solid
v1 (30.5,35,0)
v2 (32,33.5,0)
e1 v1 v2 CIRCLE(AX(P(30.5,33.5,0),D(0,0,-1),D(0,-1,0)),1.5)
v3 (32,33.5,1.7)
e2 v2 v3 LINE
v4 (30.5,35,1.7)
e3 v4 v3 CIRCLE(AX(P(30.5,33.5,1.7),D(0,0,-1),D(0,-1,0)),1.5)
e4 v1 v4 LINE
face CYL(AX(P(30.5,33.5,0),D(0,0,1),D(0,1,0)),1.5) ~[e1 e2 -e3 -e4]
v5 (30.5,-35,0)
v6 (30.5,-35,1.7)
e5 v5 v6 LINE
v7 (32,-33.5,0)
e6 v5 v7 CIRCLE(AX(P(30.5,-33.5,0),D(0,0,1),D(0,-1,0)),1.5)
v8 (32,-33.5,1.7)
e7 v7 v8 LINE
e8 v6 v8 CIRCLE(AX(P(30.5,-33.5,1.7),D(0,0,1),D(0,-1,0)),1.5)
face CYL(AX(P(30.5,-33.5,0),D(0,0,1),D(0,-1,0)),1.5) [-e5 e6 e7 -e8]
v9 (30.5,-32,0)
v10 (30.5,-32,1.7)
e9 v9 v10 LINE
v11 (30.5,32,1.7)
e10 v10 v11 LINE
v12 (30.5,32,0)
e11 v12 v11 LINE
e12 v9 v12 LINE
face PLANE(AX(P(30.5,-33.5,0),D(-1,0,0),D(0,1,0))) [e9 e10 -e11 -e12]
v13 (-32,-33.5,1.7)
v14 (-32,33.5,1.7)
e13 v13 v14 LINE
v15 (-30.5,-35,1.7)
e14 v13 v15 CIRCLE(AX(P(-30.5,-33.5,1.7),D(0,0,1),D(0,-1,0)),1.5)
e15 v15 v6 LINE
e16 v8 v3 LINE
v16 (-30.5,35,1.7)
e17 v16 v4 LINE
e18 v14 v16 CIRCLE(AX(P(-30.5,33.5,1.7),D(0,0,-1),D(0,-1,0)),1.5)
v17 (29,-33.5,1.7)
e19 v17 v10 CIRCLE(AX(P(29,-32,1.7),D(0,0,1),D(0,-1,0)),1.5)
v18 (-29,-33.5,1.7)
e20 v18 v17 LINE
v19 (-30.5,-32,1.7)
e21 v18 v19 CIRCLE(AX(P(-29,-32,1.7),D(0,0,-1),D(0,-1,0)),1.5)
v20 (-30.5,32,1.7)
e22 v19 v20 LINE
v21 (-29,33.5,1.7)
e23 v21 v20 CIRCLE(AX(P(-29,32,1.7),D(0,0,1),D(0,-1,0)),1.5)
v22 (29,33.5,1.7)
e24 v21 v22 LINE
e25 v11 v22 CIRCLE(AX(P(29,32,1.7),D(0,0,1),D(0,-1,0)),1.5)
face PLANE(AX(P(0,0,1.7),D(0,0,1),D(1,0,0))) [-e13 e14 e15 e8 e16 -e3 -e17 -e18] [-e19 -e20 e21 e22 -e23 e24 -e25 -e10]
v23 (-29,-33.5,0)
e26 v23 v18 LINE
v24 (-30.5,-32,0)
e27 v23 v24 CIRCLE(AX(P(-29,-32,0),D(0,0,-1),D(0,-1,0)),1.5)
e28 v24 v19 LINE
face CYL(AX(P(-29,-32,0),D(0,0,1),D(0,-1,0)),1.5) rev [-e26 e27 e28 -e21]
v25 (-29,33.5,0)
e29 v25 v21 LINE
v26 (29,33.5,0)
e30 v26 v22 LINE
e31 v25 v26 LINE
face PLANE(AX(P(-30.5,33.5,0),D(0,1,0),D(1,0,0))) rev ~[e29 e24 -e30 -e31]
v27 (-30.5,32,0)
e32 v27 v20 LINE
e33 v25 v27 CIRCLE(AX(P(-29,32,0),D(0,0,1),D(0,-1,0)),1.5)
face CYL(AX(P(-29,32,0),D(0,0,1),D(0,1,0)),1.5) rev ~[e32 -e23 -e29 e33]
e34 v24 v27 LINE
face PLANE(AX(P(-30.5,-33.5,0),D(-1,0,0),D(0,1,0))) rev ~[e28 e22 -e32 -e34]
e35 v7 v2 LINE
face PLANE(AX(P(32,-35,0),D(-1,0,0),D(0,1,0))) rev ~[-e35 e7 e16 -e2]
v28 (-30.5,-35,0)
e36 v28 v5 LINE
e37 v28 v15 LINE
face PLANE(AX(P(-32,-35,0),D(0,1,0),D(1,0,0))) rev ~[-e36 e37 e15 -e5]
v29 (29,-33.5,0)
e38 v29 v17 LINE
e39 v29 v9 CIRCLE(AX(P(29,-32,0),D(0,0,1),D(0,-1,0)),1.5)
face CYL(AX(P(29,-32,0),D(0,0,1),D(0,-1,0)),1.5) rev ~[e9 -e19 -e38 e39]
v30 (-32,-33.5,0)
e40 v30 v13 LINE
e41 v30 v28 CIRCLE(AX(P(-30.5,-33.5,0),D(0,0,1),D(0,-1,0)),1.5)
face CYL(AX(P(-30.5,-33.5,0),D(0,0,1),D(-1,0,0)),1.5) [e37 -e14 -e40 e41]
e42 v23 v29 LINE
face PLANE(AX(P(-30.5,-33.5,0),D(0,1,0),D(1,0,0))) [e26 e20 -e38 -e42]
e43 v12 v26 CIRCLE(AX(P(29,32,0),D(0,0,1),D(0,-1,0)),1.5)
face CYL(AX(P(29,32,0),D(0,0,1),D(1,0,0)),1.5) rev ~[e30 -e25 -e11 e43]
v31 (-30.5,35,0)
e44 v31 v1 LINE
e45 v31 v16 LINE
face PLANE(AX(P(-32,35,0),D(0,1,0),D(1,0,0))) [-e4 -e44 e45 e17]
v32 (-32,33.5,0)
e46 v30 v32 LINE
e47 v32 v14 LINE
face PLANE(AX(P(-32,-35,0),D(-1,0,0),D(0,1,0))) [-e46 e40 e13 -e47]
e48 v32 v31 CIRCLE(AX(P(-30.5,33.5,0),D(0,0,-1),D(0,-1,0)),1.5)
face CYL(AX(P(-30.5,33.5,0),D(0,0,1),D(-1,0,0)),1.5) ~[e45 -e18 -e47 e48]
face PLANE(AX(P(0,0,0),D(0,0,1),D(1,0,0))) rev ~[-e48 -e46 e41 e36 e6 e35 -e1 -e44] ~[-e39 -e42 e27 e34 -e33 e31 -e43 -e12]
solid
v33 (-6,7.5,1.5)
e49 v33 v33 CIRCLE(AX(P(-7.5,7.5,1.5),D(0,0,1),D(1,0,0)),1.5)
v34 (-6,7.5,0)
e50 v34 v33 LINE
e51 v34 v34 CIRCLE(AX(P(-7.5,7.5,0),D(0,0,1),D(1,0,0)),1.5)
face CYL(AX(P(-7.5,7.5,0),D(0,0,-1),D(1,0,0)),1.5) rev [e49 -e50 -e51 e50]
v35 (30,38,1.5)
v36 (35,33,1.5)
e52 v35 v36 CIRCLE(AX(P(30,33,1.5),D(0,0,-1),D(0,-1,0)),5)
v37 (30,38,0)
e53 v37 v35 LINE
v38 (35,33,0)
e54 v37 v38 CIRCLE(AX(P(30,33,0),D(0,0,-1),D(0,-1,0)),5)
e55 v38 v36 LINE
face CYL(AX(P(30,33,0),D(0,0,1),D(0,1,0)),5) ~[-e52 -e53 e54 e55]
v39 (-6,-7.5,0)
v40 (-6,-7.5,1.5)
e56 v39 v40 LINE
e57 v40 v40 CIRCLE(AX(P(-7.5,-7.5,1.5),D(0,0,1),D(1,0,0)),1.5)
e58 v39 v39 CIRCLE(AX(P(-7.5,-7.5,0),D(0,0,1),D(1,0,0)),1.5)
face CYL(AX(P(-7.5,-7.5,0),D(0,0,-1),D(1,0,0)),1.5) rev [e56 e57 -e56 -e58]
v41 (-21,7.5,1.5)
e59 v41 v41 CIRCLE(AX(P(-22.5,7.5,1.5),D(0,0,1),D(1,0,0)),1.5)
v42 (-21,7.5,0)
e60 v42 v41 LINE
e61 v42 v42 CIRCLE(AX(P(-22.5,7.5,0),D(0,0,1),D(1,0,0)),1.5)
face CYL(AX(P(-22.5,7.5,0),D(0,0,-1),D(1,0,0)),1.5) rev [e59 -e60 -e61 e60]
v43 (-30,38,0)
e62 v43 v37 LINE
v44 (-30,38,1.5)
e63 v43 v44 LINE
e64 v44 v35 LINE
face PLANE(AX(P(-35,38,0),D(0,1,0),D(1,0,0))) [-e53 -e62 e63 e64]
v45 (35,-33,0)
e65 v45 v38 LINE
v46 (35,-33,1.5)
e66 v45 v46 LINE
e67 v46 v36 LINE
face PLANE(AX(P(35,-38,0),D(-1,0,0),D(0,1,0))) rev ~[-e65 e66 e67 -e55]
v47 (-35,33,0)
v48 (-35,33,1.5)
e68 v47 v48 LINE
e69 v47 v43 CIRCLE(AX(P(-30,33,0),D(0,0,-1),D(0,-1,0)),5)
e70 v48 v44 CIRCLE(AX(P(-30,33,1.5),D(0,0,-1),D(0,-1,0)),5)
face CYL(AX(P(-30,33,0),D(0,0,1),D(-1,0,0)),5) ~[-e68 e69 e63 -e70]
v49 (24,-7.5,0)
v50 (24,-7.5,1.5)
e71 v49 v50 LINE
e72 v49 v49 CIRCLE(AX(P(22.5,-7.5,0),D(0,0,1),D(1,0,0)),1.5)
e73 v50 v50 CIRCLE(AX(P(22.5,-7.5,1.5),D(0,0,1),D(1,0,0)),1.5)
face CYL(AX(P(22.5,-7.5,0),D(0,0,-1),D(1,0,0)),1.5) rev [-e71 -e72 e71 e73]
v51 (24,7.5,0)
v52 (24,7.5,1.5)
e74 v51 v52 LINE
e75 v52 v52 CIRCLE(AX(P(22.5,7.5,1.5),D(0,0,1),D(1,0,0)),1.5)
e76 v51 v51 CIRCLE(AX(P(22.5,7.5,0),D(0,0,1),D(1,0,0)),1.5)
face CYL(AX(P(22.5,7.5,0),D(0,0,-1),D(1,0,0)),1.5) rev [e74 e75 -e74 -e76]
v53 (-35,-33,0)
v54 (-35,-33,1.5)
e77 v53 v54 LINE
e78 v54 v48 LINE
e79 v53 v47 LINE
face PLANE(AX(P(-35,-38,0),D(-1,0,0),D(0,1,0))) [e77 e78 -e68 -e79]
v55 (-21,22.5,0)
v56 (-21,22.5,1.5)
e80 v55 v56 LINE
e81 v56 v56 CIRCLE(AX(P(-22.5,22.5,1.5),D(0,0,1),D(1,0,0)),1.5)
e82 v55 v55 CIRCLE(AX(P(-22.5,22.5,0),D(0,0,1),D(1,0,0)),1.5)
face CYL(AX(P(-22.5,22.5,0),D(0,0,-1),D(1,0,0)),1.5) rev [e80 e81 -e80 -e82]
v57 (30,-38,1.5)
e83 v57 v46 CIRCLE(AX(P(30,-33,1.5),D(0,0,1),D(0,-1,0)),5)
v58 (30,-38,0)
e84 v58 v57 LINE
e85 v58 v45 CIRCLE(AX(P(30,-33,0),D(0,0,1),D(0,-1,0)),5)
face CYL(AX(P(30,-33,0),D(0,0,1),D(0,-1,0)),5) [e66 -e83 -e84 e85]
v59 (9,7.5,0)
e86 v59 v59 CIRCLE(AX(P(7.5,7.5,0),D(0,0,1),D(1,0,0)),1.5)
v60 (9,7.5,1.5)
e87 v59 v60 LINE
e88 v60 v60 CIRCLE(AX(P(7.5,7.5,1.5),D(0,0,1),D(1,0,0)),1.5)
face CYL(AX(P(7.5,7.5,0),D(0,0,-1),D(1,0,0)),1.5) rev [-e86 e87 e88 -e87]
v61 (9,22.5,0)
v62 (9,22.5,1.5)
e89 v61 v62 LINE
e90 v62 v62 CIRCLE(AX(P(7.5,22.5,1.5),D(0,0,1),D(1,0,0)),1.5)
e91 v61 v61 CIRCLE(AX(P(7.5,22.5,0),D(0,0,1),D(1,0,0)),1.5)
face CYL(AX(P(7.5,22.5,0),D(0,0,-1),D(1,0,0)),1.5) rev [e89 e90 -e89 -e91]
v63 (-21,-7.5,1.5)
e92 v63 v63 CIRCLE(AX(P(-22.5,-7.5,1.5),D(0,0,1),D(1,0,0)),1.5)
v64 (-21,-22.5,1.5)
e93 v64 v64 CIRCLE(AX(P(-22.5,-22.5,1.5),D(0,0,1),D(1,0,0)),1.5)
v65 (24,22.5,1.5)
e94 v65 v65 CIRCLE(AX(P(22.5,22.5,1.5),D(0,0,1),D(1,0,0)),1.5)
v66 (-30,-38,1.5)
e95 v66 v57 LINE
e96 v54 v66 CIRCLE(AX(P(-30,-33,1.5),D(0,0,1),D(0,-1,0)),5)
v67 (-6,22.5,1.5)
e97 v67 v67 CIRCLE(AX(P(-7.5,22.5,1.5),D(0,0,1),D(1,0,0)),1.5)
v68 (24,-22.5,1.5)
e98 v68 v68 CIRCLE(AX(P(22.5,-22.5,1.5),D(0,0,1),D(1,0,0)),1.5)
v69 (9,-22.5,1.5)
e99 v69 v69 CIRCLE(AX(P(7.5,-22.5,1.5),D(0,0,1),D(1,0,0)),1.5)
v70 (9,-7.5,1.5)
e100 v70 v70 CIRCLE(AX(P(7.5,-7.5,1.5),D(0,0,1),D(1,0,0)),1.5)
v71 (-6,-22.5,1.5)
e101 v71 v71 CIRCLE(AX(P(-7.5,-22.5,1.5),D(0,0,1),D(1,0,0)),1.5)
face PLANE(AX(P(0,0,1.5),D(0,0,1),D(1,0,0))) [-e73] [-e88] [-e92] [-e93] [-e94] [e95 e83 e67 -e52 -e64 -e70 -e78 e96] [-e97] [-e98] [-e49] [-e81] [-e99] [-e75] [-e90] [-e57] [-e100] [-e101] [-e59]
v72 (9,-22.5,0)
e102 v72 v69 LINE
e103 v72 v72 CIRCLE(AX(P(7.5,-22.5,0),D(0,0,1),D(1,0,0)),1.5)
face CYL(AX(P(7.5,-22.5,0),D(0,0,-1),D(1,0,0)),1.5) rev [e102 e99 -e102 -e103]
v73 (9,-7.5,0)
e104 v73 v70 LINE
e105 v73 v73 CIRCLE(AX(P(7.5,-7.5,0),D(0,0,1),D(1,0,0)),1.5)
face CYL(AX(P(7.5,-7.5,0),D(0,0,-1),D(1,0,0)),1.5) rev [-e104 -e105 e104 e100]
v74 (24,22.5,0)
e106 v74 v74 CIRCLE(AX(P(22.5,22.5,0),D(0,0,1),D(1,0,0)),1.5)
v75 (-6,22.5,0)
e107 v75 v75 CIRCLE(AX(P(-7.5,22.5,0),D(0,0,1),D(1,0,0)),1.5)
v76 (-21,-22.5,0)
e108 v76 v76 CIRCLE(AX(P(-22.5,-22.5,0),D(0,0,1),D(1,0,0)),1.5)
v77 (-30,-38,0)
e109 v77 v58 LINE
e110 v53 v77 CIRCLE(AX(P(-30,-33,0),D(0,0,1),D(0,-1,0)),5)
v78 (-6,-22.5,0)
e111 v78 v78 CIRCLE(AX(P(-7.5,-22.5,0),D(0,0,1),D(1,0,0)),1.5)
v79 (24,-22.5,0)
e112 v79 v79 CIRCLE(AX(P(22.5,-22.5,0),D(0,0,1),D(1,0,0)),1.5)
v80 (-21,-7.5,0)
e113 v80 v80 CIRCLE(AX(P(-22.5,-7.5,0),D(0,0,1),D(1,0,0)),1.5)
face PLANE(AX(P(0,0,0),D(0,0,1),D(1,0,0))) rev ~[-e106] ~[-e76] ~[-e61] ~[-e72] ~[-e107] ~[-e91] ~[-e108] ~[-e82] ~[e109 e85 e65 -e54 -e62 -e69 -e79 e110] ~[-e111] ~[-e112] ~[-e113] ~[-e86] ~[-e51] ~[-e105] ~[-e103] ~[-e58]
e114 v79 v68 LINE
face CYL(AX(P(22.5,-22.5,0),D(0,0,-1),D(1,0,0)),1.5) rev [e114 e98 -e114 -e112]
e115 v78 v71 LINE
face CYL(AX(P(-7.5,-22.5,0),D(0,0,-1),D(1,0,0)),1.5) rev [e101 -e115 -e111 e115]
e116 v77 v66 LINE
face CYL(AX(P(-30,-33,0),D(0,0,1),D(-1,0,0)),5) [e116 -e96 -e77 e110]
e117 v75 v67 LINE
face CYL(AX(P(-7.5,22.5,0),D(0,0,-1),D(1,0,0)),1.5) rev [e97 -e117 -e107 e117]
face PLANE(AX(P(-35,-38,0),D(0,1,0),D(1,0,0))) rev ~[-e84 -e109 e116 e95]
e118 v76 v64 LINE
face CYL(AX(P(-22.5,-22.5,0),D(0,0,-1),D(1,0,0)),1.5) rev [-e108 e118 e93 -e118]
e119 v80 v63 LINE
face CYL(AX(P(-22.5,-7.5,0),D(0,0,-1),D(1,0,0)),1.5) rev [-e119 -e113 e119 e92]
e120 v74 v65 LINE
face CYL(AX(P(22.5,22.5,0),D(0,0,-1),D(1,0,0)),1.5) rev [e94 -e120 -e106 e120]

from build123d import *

# Parameters (mm, degrees)
SKETCH001_W  = 70
SKETCH001_H  = 76
SKETCH001_R  = 1.5
PAD_DEPTH    = 1.5
FILLET_R     = 5
SKETCH_W     = 64
SKETCH_H     = 70
SKETCH_W_2   = 61
SKETCH_H_2   = 67
PAD001_DEPTH = 1.7
FILLET001_R  = 1.5


with BuildPart() as body:
    # Sketch001 → Pad (new body)
    with BuildSketch(Plane.XY):
        Rectangle(SKETCH001_W, SKETCH001_H)
        with Locations((-22.5, 22.5)):
            Circle(SKETCH001_R, mode=Mode.SUBTRACT)
        with Locations((-7.5, 22.5)):
            Circle(SKETCH001_R, mode=Mode.SUBTRACT)
        with Locations((7.5, 22.5)):
            Circle(SKETCH001_R, mode=Mode.SUBTRACT)
        with Locations((22.5, 22.5)):
            Circle(SKETCH001_R, mode=Mode.SUBTRACT)
        with Locations((-22.5, 7.5)):
            Circle(SKETCH001_R, mode=Mode.SUBTRACT)
        with Locations((-7.5, 7.5)):
            Circle(SKETCH001_R, mode=Mode.SUBTRACT)
        with Locations((7.5, 7.5)):
            Circle(SKETCH001_R, mode=Mode.SUBTRACT)
        with Locations((22.5, 7.5)):
            Circle(SKETCH001_R, mode=Mode.SUBTRACT)
        with Locations((-22.5, -7.5)):
            Circle(SKETCH001_R, mode=Mode.SUBTRACT)
        with Locations((-7.5, -7.5)):
            Circle(SKETCH001_R, mode=Mode.SUBTRACT)
        with Locations((7.5, -7.5)):
            Circle(SKETCH001_R, mode=Mode.SUBTRACT)
        with Locations((22.5, -7.5)):
            Circle(SKETCH001_R, mode=Mode.SUBTRACT)
        with Locations((-22.5, -22.5)):
            Circle(SKETCH001_R, mode=Mode.SUBTRACT)
        with Locations((-7.5, -22.5)):
            Circle(SKETCH001_R, mode=Mode.SUBTRACT)
        with Locations((7.5, -22.5)):
            Circle(SKETCH001_R, mode=Mode.SUBTRACT)
        with Locations((22.5, -22.5)):
            Circle(SKETCH001_R, mode=Mode.SUBTRACT)
    extrude(amount=PAD_DEPTH)

    # Fillet
    fillet_edges = [body.edges().sort_by_distance(p)[0] for p in [
        (-35, 38, 0.75),
        (35, -38, 0.75),
        (-35, -38, 0.75),
        (35, 38, 0.75),
    ]]
    fillet(fillet_edges, radius=FILLET_R)


with BuildPart() as body001:
    # Sketch → Pad001 (new body)
    with BuildSketch(Plane.XY):
        Rectangle(SKETCH_W, SKETCH_H)
        Rectangle(SKETCH_W_2, SKETCH_H_2, mode=Mode.SUBTRACT)
    extrude(amount=PAD001_DEPTH)

    # Fillet001
    fillet001_edges = [body001.edges().sort_by_distance(p)[0] for p in [
        (32, -35, 0.85),
        (30.5, -33.5, 0.85),
        (32, 35, 0.85),
        (30.5, 33.5, 0.85),
        (-30.5, 33.5, 0.85),
        (-32, 35, 0.85),
        (-32, -35, 0.85),
        (-30.5, -33.5, 0.85),
    ]]
    fillet(fillet001_edges, radius=FILLET001_R)


solid = Compound([body.part, body001.part])
